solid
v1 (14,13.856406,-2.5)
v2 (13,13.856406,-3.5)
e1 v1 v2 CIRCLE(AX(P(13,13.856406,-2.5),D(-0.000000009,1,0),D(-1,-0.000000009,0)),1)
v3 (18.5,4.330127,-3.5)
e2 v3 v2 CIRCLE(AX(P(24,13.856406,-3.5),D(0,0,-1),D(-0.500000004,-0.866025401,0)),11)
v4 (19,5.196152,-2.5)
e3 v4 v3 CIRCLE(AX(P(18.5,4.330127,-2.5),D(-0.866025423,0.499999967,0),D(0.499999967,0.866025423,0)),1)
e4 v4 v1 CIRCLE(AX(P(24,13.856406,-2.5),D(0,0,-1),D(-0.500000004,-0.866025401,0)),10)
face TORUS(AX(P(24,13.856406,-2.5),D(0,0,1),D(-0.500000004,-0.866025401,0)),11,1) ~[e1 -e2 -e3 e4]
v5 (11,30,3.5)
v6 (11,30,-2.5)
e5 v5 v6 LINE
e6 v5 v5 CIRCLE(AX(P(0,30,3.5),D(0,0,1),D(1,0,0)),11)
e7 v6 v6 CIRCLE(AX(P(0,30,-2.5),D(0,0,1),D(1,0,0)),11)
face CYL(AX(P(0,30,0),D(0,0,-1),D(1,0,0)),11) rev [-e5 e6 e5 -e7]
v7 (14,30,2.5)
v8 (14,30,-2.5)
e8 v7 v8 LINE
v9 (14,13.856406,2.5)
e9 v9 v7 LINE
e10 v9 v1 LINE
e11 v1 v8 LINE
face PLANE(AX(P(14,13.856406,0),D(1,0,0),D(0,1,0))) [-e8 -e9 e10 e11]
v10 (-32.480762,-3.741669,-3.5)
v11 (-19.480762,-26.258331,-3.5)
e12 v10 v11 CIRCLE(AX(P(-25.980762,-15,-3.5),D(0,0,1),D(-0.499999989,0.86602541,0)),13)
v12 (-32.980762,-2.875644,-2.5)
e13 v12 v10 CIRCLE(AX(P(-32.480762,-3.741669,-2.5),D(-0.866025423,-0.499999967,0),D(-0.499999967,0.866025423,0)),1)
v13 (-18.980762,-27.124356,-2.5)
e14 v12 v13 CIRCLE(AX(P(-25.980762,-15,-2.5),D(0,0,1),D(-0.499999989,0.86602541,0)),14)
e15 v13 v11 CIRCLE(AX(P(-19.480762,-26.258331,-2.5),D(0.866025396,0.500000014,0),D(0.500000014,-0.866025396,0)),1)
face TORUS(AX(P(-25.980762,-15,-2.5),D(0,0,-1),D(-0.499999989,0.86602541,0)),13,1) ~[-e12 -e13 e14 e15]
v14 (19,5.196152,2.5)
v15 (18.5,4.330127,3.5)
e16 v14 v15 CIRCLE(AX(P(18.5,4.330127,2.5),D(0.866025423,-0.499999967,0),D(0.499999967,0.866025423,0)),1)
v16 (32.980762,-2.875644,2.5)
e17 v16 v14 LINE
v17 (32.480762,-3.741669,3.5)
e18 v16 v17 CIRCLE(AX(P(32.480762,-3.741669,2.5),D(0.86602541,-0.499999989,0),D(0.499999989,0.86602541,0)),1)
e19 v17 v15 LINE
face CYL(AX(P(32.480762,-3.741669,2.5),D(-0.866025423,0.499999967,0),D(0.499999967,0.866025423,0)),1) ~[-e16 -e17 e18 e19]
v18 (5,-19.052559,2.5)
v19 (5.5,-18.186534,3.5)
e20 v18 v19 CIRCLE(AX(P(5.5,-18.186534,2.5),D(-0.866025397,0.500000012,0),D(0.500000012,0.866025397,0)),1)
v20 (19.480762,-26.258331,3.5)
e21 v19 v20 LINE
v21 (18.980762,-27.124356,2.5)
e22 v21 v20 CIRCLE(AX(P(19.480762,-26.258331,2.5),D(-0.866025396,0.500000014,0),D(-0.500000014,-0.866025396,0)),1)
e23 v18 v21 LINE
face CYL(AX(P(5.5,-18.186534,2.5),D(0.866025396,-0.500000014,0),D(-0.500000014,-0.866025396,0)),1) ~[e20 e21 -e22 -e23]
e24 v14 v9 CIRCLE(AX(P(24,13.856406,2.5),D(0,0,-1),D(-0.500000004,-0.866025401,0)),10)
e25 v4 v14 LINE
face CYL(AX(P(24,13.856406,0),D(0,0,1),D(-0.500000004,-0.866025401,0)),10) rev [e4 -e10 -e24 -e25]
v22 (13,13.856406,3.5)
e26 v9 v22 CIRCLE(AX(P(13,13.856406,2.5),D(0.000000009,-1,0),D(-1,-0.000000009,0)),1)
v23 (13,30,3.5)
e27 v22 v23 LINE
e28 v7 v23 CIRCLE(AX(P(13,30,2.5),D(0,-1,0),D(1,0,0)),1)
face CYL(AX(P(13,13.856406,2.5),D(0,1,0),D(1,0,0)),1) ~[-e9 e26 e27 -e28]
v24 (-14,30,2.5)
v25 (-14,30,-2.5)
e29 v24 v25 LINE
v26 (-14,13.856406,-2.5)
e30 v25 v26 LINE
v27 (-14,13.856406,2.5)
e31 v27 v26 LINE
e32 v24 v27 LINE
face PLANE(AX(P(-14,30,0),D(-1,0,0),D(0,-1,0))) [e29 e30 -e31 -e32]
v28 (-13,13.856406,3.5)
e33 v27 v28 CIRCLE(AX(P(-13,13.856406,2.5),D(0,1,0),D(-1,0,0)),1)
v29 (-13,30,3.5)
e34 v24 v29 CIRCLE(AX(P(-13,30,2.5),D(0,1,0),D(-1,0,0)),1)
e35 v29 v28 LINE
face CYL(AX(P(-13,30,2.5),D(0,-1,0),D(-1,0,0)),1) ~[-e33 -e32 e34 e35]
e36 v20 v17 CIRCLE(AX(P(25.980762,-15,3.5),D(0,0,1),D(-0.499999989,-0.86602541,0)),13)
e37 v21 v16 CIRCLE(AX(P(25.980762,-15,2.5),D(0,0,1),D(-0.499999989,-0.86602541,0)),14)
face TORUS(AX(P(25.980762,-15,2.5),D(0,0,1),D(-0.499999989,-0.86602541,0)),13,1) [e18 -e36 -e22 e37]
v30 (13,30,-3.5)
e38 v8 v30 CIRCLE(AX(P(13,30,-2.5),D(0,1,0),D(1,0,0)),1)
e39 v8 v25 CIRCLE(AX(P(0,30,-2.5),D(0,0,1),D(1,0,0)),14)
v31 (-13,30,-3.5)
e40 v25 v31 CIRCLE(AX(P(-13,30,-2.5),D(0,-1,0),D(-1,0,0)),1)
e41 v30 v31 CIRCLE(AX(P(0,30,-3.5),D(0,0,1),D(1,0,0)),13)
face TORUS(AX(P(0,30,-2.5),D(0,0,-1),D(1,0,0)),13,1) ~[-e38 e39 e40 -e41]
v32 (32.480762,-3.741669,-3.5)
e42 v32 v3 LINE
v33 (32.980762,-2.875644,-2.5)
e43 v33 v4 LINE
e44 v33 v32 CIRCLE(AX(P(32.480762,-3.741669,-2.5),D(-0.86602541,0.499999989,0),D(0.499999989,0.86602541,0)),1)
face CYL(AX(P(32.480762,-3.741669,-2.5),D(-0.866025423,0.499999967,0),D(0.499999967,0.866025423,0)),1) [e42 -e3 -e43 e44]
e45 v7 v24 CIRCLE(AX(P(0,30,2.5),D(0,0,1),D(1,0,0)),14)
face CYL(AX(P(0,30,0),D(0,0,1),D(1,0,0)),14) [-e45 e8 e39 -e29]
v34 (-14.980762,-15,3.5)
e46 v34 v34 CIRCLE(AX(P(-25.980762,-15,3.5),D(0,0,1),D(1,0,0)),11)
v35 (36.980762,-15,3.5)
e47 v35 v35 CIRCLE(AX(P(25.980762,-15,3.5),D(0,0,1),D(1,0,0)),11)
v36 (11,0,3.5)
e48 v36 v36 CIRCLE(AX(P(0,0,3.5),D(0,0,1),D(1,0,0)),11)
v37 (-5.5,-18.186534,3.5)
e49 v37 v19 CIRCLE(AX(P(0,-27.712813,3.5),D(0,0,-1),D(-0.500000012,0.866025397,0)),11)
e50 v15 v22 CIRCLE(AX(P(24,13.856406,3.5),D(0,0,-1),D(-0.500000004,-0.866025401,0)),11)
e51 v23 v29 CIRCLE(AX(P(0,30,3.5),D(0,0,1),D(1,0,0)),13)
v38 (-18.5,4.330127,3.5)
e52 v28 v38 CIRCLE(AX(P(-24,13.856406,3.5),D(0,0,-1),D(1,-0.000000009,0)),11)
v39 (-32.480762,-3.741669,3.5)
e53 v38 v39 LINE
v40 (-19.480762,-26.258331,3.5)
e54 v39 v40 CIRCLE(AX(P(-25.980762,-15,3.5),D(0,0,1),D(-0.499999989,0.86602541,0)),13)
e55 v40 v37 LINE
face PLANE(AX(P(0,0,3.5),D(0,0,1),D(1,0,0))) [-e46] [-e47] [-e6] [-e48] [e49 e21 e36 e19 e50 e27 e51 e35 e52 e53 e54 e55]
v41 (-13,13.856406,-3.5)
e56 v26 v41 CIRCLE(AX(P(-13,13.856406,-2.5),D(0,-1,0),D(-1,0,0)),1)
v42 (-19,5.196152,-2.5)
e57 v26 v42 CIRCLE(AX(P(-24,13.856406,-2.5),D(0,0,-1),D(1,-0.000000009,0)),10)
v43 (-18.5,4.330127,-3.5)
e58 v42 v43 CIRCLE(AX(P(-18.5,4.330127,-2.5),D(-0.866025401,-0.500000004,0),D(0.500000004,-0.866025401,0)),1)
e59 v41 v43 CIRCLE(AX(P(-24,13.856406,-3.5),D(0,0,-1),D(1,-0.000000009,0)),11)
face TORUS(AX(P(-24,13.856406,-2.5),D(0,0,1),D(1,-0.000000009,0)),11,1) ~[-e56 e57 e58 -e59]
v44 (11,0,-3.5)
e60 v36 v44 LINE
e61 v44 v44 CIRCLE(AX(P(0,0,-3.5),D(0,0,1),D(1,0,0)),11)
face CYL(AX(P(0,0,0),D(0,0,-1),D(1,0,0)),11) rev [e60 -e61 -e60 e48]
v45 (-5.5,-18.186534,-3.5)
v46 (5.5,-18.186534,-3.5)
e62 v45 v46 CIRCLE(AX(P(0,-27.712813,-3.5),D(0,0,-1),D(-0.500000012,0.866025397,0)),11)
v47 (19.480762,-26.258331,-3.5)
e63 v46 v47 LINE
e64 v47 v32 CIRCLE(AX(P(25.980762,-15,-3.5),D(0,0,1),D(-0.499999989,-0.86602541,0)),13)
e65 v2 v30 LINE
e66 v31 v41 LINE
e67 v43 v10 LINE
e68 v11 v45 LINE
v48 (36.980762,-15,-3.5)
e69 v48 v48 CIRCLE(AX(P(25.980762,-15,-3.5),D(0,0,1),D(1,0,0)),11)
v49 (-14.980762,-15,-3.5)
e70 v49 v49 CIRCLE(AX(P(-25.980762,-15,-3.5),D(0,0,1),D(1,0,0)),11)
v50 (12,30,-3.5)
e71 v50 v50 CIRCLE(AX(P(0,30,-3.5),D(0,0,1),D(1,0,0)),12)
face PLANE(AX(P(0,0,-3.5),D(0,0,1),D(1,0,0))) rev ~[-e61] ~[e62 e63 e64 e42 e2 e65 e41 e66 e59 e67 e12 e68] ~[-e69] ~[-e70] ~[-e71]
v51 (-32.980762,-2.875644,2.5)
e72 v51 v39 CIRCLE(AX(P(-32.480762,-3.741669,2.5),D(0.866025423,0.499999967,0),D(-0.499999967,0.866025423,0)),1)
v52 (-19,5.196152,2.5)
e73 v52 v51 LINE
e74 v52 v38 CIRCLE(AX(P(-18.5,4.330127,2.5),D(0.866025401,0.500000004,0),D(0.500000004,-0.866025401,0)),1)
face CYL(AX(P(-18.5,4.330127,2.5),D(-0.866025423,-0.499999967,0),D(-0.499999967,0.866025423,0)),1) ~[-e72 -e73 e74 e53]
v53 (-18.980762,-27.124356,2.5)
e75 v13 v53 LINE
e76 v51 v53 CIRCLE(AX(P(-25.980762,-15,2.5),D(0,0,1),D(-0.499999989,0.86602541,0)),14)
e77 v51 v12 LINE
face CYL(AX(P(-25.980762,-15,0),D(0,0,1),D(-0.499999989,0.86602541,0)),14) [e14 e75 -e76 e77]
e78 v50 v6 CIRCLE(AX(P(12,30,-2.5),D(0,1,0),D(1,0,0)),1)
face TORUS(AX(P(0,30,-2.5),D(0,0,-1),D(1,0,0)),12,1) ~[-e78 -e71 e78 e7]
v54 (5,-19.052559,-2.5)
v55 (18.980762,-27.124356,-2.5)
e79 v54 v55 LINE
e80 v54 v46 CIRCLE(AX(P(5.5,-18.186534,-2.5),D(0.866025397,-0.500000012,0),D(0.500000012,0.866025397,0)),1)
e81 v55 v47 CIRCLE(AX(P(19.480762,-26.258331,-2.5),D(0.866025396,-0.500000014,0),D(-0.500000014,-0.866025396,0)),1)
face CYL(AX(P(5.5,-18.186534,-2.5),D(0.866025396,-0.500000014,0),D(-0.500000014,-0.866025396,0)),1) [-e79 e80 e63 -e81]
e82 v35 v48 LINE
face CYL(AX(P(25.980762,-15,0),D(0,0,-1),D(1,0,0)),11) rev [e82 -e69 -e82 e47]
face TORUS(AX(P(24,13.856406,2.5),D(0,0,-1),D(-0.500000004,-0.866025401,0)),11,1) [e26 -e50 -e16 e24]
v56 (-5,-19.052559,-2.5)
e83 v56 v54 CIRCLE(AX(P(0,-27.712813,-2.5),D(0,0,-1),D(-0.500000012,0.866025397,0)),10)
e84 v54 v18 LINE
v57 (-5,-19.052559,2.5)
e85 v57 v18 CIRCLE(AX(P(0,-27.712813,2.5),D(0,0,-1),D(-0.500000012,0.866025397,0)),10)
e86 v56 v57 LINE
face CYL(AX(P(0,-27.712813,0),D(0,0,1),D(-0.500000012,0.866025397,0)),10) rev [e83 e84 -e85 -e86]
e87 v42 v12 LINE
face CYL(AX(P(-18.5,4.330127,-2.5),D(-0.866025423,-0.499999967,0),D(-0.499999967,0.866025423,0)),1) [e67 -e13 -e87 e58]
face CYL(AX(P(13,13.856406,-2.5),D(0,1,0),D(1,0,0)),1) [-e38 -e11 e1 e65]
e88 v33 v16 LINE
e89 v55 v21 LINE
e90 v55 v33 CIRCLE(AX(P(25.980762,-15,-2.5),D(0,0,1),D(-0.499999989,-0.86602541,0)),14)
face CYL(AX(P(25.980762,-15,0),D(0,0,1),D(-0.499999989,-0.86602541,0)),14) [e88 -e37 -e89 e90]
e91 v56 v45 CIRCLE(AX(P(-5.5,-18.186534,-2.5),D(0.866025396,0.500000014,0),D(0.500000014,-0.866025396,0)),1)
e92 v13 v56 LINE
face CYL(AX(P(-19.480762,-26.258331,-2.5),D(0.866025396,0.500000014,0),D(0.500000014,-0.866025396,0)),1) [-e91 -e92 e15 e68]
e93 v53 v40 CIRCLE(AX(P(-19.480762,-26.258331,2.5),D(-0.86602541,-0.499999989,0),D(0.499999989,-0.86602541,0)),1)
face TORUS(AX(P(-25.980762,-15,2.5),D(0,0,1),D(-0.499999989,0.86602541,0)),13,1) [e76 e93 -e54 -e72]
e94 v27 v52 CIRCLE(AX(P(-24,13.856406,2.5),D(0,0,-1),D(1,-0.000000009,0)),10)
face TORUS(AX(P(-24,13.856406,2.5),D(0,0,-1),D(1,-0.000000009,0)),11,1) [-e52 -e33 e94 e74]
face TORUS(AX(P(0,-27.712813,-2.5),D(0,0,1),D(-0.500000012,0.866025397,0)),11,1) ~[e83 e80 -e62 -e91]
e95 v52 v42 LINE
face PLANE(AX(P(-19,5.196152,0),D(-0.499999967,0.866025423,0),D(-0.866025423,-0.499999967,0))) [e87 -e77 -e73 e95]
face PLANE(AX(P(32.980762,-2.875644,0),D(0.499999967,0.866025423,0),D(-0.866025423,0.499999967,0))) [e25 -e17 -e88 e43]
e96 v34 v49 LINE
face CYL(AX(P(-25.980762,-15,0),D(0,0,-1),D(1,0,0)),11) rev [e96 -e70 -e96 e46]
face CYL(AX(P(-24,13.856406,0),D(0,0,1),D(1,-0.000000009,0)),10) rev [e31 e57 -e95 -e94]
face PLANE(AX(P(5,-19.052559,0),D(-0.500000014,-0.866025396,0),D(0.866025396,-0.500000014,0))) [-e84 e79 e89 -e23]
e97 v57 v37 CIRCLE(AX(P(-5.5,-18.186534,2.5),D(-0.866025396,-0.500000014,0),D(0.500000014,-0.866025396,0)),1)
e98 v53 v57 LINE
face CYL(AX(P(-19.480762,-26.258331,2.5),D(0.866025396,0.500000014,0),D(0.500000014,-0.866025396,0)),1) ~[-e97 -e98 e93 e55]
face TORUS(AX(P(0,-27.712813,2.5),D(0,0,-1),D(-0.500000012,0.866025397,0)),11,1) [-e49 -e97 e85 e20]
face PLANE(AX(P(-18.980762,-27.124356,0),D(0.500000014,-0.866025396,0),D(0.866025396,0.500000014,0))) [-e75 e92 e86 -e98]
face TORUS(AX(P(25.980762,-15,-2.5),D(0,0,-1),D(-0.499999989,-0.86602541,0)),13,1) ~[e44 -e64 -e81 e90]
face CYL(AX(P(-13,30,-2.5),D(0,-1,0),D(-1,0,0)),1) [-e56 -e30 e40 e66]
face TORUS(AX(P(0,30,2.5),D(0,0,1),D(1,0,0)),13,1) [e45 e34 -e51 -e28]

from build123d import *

# Parameters (mm, degrees)
F0_R     = 11
F1_DEPTH = 3.5
F2_R     = 1
F3_R     = 1


with BuildPart() as f1:
    # F0 (on Top) → F1 (new body, symmetric)
    with BuildSketch(Plane.XY):
        with BuildLine():
            ThreePointArc((-32.980762, -2.875644), (-38.105118, -22), (-18.980762, -27.124356))
            Line((-18.980762, -27.124356), (-5, -19.052559))
            ThreePointArc((-5, -19.052559), (0, -17.712813), (5, -19.052559))
            Line((5, -19.052559), (18.980762, -27.124356))
            ThreePointArc((18.980762, -27.124356), (38.105118, -22), (32.980762, -2.875644))
            Line((32.980762, -2.875644), (19, 5.196152))
            ThreePointArc((19, 5.196152), (15.339746, 8.856406), (14, 13.856406))
            Line((14, 13.856406), (14, 30))
            ThreePointArc((14, 30), (0, 44), (-14, 30))
            Line((-14, 30), (-14, 13.856406))
            ThreePointArc((-14, 13.856406), (-15.339746, 8.856406), (-19, 5.196152))
            Line((-19, 5.196152), (-32.980762, -2.875644))
        make_face()
        with Locations((-25.980762, -15)):
            Circle(F0_R, mode=Mode.SUBTRACT)
        Circle(F0_R, mode=Mode.SUBTRACT)
        with Locations((25.980762, -15)):
            Circle(F0_R, mode=Mode.SUBTRACT)
        with Locations((0, 30)):
            Circle(F0_R, mode=Mode.SUBTRACT)
    extrude(amount=F1_DEPTH, both=True)

    # F2
    f2_edges = [f1.edges().sort_by_distance(p)[0] for p in [
        (0, 44, 3.5),
        (14, 21.928203, 3.5),
        (15.339746, 8.856406, 3.5),
        (25.990381, 1.160254, 3.5),
        (38.105118, -22, 3.5),
        (11.990381, -23.088457, 3.5),
        (0, -17.712813, 3.5),
        (-11.990381, -23.088457, 3.5),
        (-38.105118, -22, 3.5),
        (-25.990381, 1.160254, 3.5),
        (-15.339746, 8.856406, 3.5),
        (-14, 21.928203, 3.5),
    ]]
    fillet(f2_edges, radius=F2_R)

    # F3
    f3_edges = [f1.edges().sort_by_distance(p)[0] for p in [
        (-11.990381, -23.088457, -3.5),
        (-38.105118, -22, -3.5),
        (-25.990381, 1.160254, -3.5),
        (-15.339746, 8.856406, -3.5),
        (-14, 21.928203, -3.5),
        (-11, 30, -3.5),
        (14, 21.928203, -3.5),
        (15.339746, 8.856406, -3.5),
        (25.990381, 1.160254, -3.5),
        (38.105118, -22, -3.5),
        (11.990381, -23.088457, -3.5),
        (0, -17.712813, -3.5),
    ]]
    fillet(f3_edges, radius=F3_R)


solid = f1.part
